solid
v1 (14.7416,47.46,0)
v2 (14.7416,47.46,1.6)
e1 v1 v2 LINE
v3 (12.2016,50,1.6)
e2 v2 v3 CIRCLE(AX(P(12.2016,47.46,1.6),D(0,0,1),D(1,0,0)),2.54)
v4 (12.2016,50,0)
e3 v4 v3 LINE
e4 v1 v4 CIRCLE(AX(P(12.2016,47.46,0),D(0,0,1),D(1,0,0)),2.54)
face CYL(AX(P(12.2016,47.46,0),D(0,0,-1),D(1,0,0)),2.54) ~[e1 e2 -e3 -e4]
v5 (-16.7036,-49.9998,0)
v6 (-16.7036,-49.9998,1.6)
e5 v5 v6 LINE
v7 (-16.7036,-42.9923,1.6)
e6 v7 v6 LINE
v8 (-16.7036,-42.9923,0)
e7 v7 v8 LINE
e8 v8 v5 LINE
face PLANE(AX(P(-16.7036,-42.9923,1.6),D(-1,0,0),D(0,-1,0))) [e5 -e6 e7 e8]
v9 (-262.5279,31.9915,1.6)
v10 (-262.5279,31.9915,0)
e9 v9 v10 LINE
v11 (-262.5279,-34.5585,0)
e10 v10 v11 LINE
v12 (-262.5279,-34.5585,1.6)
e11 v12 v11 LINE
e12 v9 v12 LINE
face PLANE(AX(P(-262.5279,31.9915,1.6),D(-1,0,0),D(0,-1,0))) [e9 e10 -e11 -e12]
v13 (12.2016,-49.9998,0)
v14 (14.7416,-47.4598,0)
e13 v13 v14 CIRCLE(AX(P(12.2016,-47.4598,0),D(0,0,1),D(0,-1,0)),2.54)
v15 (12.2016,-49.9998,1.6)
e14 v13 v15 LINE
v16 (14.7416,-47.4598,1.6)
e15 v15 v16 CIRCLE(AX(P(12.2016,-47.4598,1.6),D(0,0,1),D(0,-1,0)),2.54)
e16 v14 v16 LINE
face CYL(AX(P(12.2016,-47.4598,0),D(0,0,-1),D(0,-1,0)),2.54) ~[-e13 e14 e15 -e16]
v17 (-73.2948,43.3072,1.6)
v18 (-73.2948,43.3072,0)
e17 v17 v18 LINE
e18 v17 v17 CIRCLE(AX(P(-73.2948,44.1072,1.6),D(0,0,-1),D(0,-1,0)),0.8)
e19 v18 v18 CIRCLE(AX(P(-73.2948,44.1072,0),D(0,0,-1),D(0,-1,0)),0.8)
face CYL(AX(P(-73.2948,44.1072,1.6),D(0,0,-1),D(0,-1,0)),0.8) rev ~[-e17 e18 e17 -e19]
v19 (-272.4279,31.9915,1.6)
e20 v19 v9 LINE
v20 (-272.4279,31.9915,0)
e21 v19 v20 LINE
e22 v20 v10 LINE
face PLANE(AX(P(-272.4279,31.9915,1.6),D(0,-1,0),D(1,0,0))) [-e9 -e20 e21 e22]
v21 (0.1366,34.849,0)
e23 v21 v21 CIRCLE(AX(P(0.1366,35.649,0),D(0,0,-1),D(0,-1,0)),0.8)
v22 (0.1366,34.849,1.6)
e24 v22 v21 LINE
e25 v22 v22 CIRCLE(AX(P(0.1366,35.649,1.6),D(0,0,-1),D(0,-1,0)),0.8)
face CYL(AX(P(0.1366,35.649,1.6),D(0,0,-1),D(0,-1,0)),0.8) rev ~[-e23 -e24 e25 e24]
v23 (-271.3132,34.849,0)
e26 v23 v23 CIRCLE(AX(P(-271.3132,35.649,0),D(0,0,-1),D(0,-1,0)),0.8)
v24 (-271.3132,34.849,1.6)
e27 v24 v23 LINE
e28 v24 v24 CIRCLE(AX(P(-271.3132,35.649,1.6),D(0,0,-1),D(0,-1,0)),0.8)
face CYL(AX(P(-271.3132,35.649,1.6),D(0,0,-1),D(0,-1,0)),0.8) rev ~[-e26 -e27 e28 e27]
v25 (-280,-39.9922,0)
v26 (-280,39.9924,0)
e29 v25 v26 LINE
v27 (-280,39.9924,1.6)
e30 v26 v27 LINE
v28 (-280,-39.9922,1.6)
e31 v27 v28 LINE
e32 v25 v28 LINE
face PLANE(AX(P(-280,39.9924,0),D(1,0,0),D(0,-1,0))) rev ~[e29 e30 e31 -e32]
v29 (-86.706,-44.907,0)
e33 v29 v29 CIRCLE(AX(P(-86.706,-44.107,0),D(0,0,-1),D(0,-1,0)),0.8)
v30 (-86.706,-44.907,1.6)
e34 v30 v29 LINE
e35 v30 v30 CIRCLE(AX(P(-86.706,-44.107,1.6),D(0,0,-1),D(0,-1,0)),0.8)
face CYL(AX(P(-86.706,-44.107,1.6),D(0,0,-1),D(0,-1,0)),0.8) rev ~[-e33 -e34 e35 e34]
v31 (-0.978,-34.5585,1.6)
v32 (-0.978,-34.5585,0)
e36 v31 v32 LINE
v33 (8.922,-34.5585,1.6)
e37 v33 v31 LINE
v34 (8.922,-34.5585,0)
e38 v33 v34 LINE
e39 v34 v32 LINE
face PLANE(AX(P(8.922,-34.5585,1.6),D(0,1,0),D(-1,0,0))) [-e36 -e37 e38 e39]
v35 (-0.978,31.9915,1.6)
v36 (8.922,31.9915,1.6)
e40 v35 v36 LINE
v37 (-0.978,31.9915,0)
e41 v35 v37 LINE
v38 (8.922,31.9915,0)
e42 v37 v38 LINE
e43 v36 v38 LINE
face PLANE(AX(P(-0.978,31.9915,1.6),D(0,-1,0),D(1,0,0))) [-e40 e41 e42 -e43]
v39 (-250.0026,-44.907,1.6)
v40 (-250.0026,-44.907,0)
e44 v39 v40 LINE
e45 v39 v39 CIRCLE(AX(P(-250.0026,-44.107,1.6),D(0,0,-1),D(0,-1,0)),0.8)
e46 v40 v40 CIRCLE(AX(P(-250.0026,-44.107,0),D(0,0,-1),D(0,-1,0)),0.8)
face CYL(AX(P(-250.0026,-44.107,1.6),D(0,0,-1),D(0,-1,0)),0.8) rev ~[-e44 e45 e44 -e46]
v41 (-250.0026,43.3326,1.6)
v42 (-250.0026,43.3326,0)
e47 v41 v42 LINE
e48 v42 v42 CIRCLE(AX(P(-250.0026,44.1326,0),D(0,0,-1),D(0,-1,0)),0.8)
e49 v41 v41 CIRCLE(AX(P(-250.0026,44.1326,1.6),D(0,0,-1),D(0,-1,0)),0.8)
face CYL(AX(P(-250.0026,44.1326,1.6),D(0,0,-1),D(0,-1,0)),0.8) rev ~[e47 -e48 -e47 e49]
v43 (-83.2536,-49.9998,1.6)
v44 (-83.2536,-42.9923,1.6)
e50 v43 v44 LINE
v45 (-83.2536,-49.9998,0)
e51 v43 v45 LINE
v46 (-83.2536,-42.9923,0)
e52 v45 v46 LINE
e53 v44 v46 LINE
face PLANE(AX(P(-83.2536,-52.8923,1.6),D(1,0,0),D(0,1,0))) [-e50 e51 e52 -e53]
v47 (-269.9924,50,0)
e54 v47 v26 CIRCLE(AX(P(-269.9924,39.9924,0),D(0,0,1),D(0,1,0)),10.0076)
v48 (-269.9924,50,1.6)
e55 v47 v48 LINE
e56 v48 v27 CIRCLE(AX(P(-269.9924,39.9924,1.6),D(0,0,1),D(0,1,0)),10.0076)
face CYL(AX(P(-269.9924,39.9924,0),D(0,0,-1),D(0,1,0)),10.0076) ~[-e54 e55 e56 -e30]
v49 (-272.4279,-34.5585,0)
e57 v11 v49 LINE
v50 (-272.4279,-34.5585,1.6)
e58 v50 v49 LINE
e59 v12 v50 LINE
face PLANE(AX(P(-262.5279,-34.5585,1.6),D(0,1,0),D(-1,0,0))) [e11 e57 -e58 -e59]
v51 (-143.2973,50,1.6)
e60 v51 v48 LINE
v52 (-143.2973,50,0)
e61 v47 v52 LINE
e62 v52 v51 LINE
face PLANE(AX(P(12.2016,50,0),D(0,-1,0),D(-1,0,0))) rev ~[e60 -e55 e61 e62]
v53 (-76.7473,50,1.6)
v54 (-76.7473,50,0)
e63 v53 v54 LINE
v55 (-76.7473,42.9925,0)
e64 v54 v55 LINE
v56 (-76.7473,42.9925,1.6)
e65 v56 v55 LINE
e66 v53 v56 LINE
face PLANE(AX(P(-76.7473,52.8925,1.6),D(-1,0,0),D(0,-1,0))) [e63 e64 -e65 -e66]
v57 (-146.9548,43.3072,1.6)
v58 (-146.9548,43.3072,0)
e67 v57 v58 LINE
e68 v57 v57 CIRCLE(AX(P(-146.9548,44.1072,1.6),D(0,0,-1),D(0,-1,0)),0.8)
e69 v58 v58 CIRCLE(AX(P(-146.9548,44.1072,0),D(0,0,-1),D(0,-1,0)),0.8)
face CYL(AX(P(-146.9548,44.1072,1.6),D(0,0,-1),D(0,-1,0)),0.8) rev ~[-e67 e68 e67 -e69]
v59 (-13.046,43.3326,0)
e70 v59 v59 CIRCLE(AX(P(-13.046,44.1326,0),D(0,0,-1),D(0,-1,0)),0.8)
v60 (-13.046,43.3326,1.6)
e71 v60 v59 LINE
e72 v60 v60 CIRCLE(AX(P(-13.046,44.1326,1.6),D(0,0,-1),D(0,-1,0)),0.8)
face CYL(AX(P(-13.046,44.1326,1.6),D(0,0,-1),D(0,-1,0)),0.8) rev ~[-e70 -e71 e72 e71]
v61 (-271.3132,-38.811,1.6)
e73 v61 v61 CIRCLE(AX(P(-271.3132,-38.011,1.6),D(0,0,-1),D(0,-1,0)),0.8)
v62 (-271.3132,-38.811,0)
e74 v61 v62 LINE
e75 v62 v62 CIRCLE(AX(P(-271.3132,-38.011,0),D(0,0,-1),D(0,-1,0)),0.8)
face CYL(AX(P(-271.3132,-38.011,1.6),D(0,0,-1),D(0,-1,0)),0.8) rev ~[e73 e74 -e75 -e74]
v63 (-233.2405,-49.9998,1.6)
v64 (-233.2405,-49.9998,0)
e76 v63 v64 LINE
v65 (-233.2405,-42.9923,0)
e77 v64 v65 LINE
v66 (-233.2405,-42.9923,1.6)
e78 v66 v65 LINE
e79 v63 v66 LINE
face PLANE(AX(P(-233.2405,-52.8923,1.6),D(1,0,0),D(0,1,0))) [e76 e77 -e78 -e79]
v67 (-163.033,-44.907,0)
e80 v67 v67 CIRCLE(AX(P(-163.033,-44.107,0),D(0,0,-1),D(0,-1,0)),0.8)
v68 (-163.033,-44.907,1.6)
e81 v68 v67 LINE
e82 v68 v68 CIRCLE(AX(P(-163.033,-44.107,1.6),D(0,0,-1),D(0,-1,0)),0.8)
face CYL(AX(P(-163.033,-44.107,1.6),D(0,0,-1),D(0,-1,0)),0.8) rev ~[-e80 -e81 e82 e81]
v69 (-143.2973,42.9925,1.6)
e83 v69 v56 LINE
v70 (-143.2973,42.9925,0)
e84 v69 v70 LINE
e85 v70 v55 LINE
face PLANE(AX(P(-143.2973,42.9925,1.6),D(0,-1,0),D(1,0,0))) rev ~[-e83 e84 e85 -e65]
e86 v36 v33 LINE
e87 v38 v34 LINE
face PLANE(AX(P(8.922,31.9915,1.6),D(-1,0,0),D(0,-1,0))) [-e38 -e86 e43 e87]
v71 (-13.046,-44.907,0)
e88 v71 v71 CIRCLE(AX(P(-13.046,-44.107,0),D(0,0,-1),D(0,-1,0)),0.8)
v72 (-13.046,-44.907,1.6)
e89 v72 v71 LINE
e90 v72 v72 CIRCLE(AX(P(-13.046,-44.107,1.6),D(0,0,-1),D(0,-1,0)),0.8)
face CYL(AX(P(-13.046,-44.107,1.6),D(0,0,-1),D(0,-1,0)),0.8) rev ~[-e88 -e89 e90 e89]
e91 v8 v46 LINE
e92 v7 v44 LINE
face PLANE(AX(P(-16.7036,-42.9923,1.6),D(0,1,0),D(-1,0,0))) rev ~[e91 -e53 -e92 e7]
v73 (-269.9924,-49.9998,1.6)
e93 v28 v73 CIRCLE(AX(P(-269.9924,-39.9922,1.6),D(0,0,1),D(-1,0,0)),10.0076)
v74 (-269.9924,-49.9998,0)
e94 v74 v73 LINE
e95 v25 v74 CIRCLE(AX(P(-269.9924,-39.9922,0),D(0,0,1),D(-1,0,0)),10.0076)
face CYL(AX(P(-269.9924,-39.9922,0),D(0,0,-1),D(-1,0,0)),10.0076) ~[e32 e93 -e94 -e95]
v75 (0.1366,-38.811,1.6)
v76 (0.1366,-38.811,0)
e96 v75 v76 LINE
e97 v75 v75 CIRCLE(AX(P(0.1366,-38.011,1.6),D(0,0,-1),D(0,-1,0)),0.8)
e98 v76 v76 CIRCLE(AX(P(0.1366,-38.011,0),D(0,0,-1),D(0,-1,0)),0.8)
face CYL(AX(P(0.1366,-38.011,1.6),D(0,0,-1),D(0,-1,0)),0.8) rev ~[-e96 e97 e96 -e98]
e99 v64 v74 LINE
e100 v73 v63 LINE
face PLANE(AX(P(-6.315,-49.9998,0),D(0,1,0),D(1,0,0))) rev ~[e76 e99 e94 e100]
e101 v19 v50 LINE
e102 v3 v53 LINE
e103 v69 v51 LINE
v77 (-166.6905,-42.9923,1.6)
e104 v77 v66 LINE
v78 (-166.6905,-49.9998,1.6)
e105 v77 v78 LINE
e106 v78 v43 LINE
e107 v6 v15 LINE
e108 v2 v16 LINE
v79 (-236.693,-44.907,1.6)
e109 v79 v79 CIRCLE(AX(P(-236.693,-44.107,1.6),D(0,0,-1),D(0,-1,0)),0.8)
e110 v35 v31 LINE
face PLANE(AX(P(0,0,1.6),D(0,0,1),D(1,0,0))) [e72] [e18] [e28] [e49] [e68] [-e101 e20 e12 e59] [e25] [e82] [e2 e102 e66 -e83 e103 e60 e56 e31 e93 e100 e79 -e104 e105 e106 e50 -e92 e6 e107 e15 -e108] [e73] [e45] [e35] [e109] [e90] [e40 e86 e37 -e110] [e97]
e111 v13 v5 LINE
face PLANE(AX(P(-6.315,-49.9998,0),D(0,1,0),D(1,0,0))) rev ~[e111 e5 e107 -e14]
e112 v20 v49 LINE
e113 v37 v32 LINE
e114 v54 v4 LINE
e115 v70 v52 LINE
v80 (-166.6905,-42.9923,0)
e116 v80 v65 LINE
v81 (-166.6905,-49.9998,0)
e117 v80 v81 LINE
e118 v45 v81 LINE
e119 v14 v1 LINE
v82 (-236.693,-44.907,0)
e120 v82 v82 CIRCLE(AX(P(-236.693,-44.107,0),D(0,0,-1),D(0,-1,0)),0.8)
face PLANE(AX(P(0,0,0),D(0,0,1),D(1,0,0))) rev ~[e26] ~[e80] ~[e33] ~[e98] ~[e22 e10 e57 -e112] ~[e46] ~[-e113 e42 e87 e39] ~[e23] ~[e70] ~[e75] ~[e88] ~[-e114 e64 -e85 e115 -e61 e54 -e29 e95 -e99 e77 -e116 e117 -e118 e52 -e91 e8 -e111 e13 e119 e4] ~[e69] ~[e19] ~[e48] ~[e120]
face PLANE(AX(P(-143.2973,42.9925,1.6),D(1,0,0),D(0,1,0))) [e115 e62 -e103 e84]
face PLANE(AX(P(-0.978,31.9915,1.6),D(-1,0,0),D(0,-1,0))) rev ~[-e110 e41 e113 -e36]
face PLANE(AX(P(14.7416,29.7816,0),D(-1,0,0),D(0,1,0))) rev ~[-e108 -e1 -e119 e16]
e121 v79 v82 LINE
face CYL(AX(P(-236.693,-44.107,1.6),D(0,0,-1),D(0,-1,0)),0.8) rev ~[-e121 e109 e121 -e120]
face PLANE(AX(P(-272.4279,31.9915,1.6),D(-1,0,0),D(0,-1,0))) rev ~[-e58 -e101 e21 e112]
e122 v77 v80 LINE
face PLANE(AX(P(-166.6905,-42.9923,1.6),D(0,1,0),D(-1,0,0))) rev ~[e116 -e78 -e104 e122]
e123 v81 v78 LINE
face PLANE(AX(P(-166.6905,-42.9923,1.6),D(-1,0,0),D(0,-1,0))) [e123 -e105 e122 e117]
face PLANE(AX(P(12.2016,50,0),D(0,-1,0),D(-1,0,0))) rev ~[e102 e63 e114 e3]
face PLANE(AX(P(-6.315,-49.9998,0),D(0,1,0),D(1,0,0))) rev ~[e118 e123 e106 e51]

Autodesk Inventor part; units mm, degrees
ref_plane "YZ Plane" through (0, 0, 0) normal (1, 0, 0) x (0, 1, 0)
ref_plane "XZ Plane" through (0, 0, 0) normal (0, 1, 0) x (-1, 0, 0)
ref_plane "XY Plane" through (0, 0, 0) normal (0, 0, 1) x (1, 0, 0)
ref_plane "Work Plane1" through (0, 0, 0) normal (0, 0, 1) x (1, 0, 0)
sketch "Sketch1" plane through (0, 0, 0) normal (0, 0, 1) x (1, 0, 0)
  line L0 (14.7416, 30.2896) -> (14.7416, 47.46) projected
  line L1 (14.7416, 29.7816) -> (14.7416, 30.2896) projected
  line L2 (14.7416, -47.4598) -> (14.7416, 29.7816) projected
  arc A0 (14.7416, 47.46) -> (12.2016, 50) centre (12.2016, 47.46) ccw projected
  line L3 (12.2016, 50) -> (-68.0116, 50) projected
  arc A1 (12.2016, -49.9998) -> (14.7416, -47.4598) centre (12.2016, -47.4598) ccw projected
  line L4 (-6.315, -49.9998) -> (12.2016, -49.9998) projected
  line L5 (-157.7498, -49.9998) -> (-92.5988, -49.9998) projected
  line L6 (-269.9924, -49.9998) -> (-263.9218, -49.9998) projected
  line L7 (-263.9218, -49.9998) -> (-241.9762, -49.9998) projected
  arc A2 (-280, -39.9922) -> (-269.9924, -49.9998) centre (-269.9924, -39.9922) ccw projected
  line L8 (-280, 39.2304) -> (-280, -39.9922) projected
  arc A3 (-269.9924, 50) -> (-280, 39.9924) centre (-269.9924, 39.9924) ccw projected
  line L9 (-280, 39.9924) -> (-280, 39.2304) projected
  line L10 (-263.4646, 50) -> (-269.9924, 50) projected
  line L11 (-152.238, 50) -> (-263.4646, 50) projected
  line L12 (-152.238, 50) -> (-68.0116, 50)
  line L13 (-92.5988, -49.9998) -> (-6.315, -49.9998)
  line L14 (-157.7498, -49.9998) -> (-241.9762, -49.9998)
  point P0 (0, 0)
extrude "Extrusion1" add sketch "Sketch1" along normal blind 1.6
sketch "Sketch2" plane through (0, 0, 1.6) normal (0, 0, 1) x (1, 0, 0)
  circle A0 centre (0.1366, 35.649) radius 1.75 projected
  circle A1 centre (-13.046, 44.1326) radius 1.75 projected
  circle A2 centre (0.1366, -38.011) radius 1.75 projected
  circle A3 centre (-13.046, -44.107) radius 1.75 projected
  circle A4 centre (-73.2948, 44.1072) radius 1.75 projected
  circle A5 centre (-86.706, -44.107) radius 1.75 projected
  circle A6 centre (-146.9548, 44.1072) radius 1.75 projected
  circle A7 centre (-163.033, -44.107) radius 1.75 projected
  circle A8 centre (-250.0026, -44.107) radius 1.75 projected
  circle A9 centre (-271.3132, -38.011) radius 1.75 projected
  circle A10 centre (-236.693, -44.107) radius 1.75 projected
  circle A11 centre (-271.3132, 35.649) radius 1.75 projected
  circle A12 centre (-250.0026, 44.1326) radius 1.75 projected
  point P0 (0, 0)
hole "Hole1" at (0.1366, 35.649, 1.6) at (-13.046, 44.1326, 1.6) at (0.1366, -38.011, 1.6) at (-13.046, -44.107, 1.6) at (-86.706, -44.107, 1.6) at (-146.9548, 44.1072, 1.6) at (-163.033, -44.107, 1.6) at (-236.693, -44.107, 1.6) at (-250.0026, -44.107, 1.6) at (-271.3132, -38.011, 1.6) at (-271.3132, 35.649, 1.6) at (-250.0026, 44.1326, 1.6) at (-73.2948, 44.1072, 1.6) direction (0, 0, -1) diameter 1.6 depth 5 tip angle 118
sketch "Sketch3" plane through (0, 0, 1.6) normal (0, 0, 1) x (1, 0, 0)
  line L0 (8.922, 31.9915) -> (8.922, -34.5585) projected
  line L1 (-0.978, 31.9915) -> (8.922, 31.9915) projected
  line L2 (-0.978, 31.9915) -> (-0.978, -34.5585) projected
  line L3 (8.922, -34.5585) -> (-0.978, -34.5585) projected
  line L4 (-76.7473, 52.8925) -> (-76.7473, 42.9925) projected
  line L5 (-143.2973, 52.8925) -> (-76.7473, 52.8925) projected
  line L6 (-143.2973, 42.9925) -> (-76.7473, 42.9925) projected
  line L7 (-143.2973, 42.9925) -> (-143.2973, 52.8925) projected
  line L8 (-16.7036, -42.9923) -> (-16.7036, -52.8923) projected
  line L9 (-16.7036, -52.8923) -> (-83.2536, -52.8923) projected
  line L10 (-16.7036, -42.9923) -> (-83.2536, -42.9923) projected
  line L11 (-83.2536, -52.8923) -> (-83.2536, -42.9923) projected
  line L12 (-166.6905, -42.9923) -> (-233.2405, -42.9923) projected
  line L13 (-166.6905, -52.8923) -> (-233.2405, -52.8923) projected
  line L14 (-233.2405, -52.8923) -> (-233.2405, -42.9923) projected
  line L15 (-166.6905, -42.9923) -> (-166.6905, -52.8923) projected
  line L16 (-262.5279, 31.9915) -> (-262.5279, -34.5585) projected
  line L17 (-272.4279, 31.9915) -> (-262.5279, 31.9915) projected
  line L18 (-272.4279, 31.9915) -> (-272.4279, -34.5585) projected
  line L19 (-262.5279, -34.5585) -> (-272.4279, -34.5585) projected
  point P0 (0, 0)
extrude "Extrusion2" cut sketch "Sketch3" against normal blind 1.6
properties part number "Spacing Layer 4"
